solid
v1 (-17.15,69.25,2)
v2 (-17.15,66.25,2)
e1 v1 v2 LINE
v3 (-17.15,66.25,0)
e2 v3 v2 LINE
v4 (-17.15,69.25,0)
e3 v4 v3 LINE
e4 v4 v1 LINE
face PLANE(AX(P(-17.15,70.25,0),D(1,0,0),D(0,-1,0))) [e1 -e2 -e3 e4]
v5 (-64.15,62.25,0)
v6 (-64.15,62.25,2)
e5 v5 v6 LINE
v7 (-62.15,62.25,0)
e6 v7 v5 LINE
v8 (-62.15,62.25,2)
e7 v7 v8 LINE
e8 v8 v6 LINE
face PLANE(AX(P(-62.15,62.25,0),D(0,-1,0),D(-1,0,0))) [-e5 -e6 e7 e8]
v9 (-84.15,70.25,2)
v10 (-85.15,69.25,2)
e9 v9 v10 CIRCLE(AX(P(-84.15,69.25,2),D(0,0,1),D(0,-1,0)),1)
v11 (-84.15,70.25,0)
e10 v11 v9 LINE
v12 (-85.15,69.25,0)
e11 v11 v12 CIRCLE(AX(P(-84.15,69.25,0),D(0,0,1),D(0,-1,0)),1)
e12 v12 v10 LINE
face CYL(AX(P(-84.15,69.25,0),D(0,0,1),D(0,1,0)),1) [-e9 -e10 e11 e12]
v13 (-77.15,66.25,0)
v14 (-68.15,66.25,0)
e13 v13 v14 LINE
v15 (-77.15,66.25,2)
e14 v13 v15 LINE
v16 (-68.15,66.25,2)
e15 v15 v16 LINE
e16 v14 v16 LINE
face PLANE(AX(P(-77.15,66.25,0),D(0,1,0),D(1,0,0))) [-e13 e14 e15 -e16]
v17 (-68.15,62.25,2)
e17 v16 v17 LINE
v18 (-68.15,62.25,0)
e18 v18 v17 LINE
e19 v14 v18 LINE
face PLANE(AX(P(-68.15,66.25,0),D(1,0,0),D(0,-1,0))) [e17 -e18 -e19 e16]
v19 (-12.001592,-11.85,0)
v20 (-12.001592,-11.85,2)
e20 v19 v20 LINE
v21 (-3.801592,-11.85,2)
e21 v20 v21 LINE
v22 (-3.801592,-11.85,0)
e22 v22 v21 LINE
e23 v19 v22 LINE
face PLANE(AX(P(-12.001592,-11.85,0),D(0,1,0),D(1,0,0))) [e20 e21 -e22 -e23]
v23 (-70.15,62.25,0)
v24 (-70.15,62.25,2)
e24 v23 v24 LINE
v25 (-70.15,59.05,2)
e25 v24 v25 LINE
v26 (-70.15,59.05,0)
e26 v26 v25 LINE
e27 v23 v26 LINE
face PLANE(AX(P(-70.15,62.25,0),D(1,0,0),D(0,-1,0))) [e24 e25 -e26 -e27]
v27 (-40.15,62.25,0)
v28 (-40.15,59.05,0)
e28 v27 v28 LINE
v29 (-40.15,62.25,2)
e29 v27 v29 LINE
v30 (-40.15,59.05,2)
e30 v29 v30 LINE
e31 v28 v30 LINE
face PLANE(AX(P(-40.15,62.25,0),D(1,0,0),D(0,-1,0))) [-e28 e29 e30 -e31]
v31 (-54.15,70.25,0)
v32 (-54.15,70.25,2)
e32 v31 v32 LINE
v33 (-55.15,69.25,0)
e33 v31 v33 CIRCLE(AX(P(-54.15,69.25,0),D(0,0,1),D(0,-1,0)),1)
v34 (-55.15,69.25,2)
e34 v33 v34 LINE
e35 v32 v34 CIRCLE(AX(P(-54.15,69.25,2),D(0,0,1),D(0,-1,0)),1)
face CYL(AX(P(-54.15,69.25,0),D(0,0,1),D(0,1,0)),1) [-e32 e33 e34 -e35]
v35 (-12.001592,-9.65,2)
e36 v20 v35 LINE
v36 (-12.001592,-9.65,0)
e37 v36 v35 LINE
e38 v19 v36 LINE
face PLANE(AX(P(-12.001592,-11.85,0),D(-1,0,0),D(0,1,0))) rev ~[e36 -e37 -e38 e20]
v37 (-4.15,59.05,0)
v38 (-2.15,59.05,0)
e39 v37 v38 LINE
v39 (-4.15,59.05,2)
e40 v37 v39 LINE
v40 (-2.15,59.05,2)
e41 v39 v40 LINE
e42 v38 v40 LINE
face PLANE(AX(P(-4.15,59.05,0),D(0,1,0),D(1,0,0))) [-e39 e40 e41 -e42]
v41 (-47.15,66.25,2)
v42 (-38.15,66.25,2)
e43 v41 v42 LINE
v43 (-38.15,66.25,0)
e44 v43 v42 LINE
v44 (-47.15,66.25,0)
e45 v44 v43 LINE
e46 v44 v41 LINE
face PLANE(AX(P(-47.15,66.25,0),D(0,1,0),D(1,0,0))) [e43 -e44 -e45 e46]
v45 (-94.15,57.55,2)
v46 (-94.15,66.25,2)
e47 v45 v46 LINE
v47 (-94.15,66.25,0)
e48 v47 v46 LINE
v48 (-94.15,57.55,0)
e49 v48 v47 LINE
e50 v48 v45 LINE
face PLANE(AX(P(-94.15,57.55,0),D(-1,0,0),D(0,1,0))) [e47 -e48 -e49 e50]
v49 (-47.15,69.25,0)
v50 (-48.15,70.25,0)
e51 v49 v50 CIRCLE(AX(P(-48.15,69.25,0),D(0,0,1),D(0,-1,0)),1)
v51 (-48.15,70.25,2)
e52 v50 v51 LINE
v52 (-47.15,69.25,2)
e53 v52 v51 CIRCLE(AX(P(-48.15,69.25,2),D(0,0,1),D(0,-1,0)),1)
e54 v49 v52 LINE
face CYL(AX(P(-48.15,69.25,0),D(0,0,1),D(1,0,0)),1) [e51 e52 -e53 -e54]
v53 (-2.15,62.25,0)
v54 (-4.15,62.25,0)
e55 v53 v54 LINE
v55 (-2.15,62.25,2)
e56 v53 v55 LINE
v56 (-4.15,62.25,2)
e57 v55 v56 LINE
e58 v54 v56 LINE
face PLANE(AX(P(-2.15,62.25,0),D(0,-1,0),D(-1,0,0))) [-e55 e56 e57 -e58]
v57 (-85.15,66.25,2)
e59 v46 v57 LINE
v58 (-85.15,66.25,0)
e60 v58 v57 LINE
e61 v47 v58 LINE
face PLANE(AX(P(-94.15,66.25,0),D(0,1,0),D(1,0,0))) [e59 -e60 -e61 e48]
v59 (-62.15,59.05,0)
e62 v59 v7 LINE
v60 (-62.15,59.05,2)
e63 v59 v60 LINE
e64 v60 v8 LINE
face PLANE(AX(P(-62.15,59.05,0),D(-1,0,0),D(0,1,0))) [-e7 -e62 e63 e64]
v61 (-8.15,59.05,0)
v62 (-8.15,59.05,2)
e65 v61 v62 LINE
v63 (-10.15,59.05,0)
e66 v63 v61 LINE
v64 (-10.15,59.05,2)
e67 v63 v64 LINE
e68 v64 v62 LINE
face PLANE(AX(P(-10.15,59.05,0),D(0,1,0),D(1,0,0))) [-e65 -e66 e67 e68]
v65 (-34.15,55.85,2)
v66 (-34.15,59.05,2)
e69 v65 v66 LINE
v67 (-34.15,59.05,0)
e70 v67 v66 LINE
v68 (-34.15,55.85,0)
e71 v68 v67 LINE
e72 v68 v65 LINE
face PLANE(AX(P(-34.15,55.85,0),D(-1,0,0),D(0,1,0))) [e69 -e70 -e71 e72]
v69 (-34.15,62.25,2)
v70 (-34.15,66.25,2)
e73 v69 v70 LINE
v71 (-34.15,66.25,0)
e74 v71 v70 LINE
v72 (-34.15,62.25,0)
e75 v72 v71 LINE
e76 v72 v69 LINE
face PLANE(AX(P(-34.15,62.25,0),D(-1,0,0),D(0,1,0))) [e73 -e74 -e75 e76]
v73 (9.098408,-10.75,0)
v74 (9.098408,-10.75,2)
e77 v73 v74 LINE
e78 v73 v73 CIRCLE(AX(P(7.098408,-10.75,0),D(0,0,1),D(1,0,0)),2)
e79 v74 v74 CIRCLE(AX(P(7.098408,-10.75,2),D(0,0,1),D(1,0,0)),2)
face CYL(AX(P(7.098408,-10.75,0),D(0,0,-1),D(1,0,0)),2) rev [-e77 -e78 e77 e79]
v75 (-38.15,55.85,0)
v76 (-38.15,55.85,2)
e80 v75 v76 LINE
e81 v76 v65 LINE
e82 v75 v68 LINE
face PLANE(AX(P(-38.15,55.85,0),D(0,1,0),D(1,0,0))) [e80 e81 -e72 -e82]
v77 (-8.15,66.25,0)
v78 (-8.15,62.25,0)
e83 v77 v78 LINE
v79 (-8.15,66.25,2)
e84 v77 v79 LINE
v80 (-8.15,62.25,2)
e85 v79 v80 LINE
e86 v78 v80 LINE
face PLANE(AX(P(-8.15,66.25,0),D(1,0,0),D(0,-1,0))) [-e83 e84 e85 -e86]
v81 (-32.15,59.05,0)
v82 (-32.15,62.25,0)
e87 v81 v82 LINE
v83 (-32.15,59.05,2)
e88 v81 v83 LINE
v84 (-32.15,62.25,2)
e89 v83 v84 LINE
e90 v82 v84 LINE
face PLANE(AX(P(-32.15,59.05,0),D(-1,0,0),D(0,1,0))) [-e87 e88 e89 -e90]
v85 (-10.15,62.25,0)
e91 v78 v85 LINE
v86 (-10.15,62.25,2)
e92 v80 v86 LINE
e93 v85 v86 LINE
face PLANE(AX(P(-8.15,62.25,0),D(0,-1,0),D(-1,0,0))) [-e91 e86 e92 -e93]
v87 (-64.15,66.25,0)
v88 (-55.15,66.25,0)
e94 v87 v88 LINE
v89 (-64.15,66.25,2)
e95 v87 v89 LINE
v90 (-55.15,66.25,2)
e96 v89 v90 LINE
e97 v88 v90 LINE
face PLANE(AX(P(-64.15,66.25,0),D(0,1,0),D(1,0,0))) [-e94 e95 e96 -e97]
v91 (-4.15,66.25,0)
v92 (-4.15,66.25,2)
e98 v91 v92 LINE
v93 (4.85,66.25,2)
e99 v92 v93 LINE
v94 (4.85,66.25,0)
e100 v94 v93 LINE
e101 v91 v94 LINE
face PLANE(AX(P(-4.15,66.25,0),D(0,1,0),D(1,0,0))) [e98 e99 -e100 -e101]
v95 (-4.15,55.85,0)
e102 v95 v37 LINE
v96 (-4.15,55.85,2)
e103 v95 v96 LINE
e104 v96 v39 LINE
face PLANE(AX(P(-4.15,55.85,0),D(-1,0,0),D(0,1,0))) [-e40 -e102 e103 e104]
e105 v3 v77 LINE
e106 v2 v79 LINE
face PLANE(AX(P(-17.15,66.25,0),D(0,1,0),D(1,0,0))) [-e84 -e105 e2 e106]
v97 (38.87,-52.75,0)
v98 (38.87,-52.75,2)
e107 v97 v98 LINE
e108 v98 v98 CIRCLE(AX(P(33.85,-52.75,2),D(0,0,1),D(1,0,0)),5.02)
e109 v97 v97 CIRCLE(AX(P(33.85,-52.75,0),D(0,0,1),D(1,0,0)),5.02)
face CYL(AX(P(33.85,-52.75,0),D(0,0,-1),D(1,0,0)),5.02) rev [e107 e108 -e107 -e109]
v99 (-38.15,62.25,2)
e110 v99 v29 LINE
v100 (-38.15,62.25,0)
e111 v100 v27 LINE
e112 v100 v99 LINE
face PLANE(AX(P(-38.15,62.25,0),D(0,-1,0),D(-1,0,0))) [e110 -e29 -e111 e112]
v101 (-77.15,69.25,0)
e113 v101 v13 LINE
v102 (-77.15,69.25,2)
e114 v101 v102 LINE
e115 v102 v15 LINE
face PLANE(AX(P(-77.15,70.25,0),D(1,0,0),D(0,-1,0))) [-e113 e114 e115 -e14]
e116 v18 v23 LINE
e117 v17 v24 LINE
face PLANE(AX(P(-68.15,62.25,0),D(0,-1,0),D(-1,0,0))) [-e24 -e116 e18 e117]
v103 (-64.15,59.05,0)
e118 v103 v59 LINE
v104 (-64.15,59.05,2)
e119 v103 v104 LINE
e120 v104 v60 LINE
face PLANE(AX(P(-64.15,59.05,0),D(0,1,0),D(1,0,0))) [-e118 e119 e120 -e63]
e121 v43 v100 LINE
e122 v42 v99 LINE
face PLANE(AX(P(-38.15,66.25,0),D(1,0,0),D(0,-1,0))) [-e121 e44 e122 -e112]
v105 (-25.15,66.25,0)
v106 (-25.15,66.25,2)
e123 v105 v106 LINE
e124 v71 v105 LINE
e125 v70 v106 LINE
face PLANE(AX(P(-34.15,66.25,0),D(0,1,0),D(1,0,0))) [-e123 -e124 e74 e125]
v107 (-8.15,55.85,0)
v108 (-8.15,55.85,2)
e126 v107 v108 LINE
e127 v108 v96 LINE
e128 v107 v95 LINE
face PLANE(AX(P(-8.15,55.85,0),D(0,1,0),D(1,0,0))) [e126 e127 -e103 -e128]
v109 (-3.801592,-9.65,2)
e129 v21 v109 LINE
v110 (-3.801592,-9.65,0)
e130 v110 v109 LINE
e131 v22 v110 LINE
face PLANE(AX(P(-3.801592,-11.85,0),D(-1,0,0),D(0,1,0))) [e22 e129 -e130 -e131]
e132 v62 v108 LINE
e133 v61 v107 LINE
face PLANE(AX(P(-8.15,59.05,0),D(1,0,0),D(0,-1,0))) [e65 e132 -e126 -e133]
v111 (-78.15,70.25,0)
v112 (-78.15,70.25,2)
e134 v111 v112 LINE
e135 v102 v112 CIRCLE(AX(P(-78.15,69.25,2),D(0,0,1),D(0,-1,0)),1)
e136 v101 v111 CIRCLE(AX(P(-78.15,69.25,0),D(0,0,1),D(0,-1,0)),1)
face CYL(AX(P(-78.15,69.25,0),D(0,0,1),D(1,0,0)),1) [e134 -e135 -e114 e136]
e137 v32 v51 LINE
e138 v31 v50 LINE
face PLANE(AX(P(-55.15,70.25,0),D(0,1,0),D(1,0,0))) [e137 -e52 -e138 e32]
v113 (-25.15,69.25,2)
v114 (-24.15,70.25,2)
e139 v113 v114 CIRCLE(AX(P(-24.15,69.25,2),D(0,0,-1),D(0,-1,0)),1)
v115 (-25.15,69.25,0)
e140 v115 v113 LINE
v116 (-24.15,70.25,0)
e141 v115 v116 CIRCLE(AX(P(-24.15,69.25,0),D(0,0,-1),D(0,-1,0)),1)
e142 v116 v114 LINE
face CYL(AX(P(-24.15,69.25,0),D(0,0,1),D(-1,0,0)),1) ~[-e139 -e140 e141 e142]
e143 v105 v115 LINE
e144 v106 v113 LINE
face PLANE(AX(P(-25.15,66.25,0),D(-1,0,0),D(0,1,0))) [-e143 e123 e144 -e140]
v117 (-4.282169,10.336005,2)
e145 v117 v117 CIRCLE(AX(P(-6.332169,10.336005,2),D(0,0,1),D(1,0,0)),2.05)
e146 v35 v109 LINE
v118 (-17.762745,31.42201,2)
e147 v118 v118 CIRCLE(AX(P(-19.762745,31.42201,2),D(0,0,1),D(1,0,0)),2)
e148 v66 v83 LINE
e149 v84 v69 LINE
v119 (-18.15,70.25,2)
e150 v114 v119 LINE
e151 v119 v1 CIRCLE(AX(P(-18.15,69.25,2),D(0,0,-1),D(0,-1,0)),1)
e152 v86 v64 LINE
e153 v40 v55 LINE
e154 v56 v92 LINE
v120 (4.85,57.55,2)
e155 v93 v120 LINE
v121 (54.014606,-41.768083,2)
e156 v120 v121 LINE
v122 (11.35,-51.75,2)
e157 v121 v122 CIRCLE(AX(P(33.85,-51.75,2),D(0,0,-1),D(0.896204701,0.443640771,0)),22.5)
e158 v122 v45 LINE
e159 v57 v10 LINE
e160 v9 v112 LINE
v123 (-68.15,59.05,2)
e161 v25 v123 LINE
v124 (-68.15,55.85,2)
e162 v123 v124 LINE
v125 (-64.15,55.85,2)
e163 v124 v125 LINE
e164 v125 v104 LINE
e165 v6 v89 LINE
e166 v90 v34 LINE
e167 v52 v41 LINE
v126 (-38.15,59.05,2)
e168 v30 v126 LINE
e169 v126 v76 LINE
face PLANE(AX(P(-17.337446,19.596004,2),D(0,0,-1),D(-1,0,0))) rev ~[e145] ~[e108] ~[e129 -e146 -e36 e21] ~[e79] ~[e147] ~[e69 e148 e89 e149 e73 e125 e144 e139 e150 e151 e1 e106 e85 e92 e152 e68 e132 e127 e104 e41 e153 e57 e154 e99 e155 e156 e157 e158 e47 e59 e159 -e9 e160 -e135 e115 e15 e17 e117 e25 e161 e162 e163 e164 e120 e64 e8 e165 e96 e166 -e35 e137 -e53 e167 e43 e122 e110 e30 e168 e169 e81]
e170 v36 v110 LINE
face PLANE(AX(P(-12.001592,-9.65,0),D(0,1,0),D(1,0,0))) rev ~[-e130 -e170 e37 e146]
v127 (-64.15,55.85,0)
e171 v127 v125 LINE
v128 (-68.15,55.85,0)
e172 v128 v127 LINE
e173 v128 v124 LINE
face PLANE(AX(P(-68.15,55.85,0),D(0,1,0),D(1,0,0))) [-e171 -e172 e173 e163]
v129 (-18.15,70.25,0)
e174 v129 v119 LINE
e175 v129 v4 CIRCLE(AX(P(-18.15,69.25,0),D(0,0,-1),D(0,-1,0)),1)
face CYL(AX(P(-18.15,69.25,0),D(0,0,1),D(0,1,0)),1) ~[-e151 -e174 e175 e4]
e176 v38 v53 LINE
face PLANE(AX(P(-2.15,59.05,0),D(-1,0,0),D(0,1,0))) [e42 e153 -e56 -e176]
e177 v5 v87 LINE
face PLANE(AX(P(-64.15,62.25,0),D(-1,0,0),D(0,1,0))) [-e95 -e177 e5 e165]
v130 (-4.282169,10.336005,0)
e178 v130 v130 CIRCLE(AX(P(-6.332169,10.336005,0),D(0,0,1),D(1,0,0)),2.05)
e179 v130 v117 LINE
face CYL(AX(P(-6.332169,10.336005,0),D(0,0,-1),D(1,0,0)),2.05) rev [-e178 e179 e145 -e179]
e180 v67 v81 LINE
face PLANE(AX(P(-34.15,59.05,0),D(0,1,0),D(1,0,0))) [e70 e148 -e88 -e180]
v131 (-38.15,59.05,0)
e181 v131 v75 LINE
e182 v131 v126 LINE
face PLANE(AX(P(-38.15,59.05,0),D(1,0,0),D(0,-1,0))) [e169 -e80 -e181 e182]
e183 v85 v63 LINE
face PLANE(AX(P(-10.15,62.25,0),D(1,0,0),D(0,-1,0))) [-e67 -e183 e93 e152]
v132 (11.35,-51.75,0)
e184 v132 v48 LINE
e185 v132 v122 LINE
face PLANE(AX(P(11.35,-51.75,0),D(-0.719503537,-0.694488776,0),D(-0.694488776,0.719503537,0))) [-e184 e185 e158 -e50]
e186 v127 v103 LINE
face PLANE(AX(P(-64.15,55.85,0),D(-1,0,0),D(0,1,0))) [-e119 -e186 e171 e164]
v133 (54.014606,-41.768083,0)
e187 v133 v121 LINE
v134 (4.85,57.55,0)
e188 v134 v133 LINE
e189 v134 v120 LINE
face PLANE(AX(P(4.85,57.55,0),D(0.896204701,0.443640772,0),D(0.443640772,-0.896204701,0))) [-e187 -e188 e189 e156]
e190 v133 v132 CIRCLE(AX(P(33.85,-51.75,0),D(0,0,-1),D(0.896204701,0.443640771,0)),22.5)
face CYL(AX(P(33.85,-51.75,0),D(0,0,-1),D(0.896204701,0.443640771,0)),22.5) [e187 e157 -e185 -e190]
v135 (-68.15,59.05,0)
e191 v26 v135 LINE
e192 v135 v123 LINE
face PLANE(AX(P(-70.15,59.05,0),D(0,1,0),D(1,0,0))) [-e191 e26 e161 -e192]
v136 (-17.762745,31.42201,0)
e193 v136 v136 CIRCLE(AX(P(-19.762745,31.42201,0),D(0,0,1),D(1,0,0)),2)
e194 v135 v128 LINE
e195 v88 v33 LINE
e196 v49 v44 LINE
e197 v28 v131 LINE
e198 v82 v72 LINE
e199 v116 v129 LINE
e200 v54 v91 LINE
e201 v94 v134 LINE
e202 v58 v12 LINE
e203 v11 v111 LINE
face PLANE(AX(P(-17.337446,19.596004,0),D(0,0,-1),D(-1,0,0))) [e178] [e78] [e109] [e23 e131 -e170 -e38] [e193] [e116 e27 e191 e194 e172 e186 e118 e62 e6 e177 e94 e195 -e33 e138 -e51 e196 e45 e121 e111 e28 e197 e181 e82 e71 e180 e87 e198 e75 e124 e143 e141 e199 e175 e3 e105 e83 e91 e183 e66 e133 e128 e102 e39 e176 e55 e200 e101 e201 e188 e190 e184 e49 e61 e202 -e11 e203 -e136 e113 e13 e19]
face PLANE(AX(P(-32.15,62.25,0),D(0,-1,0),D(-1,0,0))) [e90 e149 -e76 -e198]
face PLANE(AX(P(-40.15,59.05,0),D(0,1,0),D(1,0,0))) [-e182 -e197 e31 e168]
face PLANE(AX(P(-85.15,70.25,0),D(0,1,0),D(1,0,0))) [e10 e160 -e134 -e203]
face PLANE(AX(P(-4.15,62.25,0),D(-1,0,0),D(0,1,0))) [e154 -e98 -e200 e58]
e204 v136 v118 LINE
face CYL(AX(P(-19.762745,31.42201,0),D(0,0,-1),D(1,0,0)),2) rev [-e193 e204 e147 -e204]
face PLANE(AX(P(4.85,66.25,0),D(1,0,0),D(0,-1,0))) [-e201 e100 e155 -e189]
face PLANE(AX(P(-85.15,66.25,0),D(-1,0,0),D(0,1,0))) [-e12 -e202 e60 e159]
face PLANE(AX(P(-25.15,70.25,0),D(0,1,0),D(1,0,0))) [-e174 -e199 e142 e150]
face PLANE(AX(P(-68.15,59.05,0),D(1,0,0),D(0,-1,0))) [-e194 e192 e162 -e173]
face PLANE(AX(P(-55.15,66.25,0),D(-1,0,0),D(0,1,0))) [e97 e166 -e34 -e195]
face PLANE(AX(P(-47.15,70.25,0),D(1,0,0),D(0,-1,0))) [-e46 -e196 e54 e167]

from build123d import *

# Parameters (mm, degrees)
SKETCH_1_R      = 2
SKETCH_1_R_2    = 5.02
SKETCH_1_R_3    = 2.05
SKETCH_1_W      = 8.2
SKETCH_1_H      = 2.2
EXTRUDE_1_DEPTH = 2
FILLET_1_R      = 1


with BuildPart() as part:
    # 草图1 → 凸台-拉伸1 (new body)
    with BuildSketch(Plane.XY):
        with BuildLine():
            Line((-38.15, 66.25), (-38.15, 62.25))
            Line((-38.15, 62.25), (-40.15, 62.25))
            Line((-40.15, 62.25), (-40.15, 59.05))
            Line((-40.15, 59.05), (-38.15, 59.05))
            Line((-38.15, 59.05), (-38.15, 55.85))
            Line((-38.15, 55.85), (-34.15, 55.85))
            Line((-34.15, 55.85), (-34.15, 59.05))
            Line((-34.15, 59.05), (-32.15, 59.05))
            Line((-32.15, 59.05), (-32.15, 62.25))
            Line((-32.15, 62.25), (-34.15, 62.25))
            Line((-34.15, 62.25), (-34.15, 66.25))
            Line((-34.15, 66.25), (-25.15, 66.25))
            Line((-25.15, 66.25), (-25.15, 70.25))
            Line((-25.15, 70.25), (-17.15, 70.25))
            Line((-17.15, 70.25), (-17.15, 66.25))
            Line((-17.15, 66.25), (-8.15, 66.25))
            Line((-8.15, 66.25), (-8.15, 62.25))
            Line((-8.15, 62.25), (-10.15, 62.25))
            Line((-10.15, 62.25), (-10.15, 59.05))
            Line((-10.15, 59.05), (-8.15, 59.05))
            Line((-8.15, 59.05), (-8.15, 55.85))
            Line((-8.15, 55.85), (-4.15, 55.85))
            Line((-4.15, 55.85), (-4.15, 59.05))
            Line((-4.15, 59.05), (-2.15, 59.05))
            Line((-2.15, 59.05), (-2.15, 62.25))
            Line((-2.15, 62.25), (-4.15, 62.25))
            Line((-4.15, 62.25), (-4.15, 66.25))
            Line((-4.15, 66.25), (4.85, 66.25))
            Line((4.85, 66.25), (4.85, 57.55))
            Line((4.85, 57.55), (54.01460577, -41.768082641))
            ThreePointArc((54.01460577, -41.768082641), (38.975737517, -73.658373169), (11.35, -51.75))
            Line((11.35, -51.75), (-94.15, 57.55))
            Line((-94.15, 57.55), (-94.15, 66.25))
            Line((-94.15, 66.25), (-85.15, 66.25))
            Line((-85.15, 66.25), (-85.15, 70.25))
            Line((-85.15, 70.25), (-77.15, 70.25))
            Line((-77.15, 70.25), (-77.15, 66.25))
            Line((-77.15, 66.25), (-68.15, 66.25))
            Line((-68.15, 66.25), (-68.15, 62.25))
            Line((-68.15, 62.25), (-70.15, 62.25))
            Line((-70.15, 62.25), (-70.15, 59.05))
            Line((-70.15, 59.05), (-68.15, 59.05))
            Line((-68.15, 59.05), (-68.15, 55.85))
            Line((-68.15, 55.85), (-64.15, 55.85))
            Line((-64.15, 55.85), (-64.15, 59.05))
            Line((-64.15, 59.05), (-62.15, 59.05))
            Line((-62.15, 59.05), (-62.15, 62.25))
            Line((-62.15, 62.25), (-64.15, 62.25))
            Line((-64.15, 62.25), (-64.15, 66.25))
            Line((-64.15, 66.25), (-55.15, 66.25))
            Line((-55.15, 66.25), (-55.15, 70.25))
            Line((-55.15, 70.25), (-47.15, 70.25))
            Line((-47.15, 70.25), (-47.15, 66.25))
            Line((-47.15, 66.25), (-38.15, 66.25))
        make_face()
        with Locations((-19.762745434, 31.422010331)):
            Circle(SKETCH_1_R, mode=Mode.SUBTRACT)
        with Locations((7.098407643, -10.75)):
            Circle(SKETCH_1_R, mode=Mode.SUBTRACT)
        with Locations((33.85, -52.75)):
            Circle(SKETCH_1_R_2, mode=Mode.SUBTRACT)
        with Locations((-6.332168895, 10.336005166)):
            Circle(SKETCH_1_R_3, mode=Mode.SUBTRACT)
        with Locations((-7.901592357, -10.75)):
            Rectangle(SKETCH_1_W, SKETCH_1_H, mode=Mode.SUBTRACT)
    extrude(amount=EXTRUDE_1_DEPTH)

    # 圆角1
    fillet_1_edges = [part.edges().sort_by_distance(p)[0] for p in [
        (-25.15, 70.25, 1),
        (-17.15, 70.25, 1),
        (-85.15, 70.25, 1),
        (-77.15, 70.25, 1),
        (-55.15, 70.25, 1),
        (-47.15, 70.25, 1),
    ]]
    fillet(fillet_1_edges, radius=FILLET_1_R)


solid = part.part
